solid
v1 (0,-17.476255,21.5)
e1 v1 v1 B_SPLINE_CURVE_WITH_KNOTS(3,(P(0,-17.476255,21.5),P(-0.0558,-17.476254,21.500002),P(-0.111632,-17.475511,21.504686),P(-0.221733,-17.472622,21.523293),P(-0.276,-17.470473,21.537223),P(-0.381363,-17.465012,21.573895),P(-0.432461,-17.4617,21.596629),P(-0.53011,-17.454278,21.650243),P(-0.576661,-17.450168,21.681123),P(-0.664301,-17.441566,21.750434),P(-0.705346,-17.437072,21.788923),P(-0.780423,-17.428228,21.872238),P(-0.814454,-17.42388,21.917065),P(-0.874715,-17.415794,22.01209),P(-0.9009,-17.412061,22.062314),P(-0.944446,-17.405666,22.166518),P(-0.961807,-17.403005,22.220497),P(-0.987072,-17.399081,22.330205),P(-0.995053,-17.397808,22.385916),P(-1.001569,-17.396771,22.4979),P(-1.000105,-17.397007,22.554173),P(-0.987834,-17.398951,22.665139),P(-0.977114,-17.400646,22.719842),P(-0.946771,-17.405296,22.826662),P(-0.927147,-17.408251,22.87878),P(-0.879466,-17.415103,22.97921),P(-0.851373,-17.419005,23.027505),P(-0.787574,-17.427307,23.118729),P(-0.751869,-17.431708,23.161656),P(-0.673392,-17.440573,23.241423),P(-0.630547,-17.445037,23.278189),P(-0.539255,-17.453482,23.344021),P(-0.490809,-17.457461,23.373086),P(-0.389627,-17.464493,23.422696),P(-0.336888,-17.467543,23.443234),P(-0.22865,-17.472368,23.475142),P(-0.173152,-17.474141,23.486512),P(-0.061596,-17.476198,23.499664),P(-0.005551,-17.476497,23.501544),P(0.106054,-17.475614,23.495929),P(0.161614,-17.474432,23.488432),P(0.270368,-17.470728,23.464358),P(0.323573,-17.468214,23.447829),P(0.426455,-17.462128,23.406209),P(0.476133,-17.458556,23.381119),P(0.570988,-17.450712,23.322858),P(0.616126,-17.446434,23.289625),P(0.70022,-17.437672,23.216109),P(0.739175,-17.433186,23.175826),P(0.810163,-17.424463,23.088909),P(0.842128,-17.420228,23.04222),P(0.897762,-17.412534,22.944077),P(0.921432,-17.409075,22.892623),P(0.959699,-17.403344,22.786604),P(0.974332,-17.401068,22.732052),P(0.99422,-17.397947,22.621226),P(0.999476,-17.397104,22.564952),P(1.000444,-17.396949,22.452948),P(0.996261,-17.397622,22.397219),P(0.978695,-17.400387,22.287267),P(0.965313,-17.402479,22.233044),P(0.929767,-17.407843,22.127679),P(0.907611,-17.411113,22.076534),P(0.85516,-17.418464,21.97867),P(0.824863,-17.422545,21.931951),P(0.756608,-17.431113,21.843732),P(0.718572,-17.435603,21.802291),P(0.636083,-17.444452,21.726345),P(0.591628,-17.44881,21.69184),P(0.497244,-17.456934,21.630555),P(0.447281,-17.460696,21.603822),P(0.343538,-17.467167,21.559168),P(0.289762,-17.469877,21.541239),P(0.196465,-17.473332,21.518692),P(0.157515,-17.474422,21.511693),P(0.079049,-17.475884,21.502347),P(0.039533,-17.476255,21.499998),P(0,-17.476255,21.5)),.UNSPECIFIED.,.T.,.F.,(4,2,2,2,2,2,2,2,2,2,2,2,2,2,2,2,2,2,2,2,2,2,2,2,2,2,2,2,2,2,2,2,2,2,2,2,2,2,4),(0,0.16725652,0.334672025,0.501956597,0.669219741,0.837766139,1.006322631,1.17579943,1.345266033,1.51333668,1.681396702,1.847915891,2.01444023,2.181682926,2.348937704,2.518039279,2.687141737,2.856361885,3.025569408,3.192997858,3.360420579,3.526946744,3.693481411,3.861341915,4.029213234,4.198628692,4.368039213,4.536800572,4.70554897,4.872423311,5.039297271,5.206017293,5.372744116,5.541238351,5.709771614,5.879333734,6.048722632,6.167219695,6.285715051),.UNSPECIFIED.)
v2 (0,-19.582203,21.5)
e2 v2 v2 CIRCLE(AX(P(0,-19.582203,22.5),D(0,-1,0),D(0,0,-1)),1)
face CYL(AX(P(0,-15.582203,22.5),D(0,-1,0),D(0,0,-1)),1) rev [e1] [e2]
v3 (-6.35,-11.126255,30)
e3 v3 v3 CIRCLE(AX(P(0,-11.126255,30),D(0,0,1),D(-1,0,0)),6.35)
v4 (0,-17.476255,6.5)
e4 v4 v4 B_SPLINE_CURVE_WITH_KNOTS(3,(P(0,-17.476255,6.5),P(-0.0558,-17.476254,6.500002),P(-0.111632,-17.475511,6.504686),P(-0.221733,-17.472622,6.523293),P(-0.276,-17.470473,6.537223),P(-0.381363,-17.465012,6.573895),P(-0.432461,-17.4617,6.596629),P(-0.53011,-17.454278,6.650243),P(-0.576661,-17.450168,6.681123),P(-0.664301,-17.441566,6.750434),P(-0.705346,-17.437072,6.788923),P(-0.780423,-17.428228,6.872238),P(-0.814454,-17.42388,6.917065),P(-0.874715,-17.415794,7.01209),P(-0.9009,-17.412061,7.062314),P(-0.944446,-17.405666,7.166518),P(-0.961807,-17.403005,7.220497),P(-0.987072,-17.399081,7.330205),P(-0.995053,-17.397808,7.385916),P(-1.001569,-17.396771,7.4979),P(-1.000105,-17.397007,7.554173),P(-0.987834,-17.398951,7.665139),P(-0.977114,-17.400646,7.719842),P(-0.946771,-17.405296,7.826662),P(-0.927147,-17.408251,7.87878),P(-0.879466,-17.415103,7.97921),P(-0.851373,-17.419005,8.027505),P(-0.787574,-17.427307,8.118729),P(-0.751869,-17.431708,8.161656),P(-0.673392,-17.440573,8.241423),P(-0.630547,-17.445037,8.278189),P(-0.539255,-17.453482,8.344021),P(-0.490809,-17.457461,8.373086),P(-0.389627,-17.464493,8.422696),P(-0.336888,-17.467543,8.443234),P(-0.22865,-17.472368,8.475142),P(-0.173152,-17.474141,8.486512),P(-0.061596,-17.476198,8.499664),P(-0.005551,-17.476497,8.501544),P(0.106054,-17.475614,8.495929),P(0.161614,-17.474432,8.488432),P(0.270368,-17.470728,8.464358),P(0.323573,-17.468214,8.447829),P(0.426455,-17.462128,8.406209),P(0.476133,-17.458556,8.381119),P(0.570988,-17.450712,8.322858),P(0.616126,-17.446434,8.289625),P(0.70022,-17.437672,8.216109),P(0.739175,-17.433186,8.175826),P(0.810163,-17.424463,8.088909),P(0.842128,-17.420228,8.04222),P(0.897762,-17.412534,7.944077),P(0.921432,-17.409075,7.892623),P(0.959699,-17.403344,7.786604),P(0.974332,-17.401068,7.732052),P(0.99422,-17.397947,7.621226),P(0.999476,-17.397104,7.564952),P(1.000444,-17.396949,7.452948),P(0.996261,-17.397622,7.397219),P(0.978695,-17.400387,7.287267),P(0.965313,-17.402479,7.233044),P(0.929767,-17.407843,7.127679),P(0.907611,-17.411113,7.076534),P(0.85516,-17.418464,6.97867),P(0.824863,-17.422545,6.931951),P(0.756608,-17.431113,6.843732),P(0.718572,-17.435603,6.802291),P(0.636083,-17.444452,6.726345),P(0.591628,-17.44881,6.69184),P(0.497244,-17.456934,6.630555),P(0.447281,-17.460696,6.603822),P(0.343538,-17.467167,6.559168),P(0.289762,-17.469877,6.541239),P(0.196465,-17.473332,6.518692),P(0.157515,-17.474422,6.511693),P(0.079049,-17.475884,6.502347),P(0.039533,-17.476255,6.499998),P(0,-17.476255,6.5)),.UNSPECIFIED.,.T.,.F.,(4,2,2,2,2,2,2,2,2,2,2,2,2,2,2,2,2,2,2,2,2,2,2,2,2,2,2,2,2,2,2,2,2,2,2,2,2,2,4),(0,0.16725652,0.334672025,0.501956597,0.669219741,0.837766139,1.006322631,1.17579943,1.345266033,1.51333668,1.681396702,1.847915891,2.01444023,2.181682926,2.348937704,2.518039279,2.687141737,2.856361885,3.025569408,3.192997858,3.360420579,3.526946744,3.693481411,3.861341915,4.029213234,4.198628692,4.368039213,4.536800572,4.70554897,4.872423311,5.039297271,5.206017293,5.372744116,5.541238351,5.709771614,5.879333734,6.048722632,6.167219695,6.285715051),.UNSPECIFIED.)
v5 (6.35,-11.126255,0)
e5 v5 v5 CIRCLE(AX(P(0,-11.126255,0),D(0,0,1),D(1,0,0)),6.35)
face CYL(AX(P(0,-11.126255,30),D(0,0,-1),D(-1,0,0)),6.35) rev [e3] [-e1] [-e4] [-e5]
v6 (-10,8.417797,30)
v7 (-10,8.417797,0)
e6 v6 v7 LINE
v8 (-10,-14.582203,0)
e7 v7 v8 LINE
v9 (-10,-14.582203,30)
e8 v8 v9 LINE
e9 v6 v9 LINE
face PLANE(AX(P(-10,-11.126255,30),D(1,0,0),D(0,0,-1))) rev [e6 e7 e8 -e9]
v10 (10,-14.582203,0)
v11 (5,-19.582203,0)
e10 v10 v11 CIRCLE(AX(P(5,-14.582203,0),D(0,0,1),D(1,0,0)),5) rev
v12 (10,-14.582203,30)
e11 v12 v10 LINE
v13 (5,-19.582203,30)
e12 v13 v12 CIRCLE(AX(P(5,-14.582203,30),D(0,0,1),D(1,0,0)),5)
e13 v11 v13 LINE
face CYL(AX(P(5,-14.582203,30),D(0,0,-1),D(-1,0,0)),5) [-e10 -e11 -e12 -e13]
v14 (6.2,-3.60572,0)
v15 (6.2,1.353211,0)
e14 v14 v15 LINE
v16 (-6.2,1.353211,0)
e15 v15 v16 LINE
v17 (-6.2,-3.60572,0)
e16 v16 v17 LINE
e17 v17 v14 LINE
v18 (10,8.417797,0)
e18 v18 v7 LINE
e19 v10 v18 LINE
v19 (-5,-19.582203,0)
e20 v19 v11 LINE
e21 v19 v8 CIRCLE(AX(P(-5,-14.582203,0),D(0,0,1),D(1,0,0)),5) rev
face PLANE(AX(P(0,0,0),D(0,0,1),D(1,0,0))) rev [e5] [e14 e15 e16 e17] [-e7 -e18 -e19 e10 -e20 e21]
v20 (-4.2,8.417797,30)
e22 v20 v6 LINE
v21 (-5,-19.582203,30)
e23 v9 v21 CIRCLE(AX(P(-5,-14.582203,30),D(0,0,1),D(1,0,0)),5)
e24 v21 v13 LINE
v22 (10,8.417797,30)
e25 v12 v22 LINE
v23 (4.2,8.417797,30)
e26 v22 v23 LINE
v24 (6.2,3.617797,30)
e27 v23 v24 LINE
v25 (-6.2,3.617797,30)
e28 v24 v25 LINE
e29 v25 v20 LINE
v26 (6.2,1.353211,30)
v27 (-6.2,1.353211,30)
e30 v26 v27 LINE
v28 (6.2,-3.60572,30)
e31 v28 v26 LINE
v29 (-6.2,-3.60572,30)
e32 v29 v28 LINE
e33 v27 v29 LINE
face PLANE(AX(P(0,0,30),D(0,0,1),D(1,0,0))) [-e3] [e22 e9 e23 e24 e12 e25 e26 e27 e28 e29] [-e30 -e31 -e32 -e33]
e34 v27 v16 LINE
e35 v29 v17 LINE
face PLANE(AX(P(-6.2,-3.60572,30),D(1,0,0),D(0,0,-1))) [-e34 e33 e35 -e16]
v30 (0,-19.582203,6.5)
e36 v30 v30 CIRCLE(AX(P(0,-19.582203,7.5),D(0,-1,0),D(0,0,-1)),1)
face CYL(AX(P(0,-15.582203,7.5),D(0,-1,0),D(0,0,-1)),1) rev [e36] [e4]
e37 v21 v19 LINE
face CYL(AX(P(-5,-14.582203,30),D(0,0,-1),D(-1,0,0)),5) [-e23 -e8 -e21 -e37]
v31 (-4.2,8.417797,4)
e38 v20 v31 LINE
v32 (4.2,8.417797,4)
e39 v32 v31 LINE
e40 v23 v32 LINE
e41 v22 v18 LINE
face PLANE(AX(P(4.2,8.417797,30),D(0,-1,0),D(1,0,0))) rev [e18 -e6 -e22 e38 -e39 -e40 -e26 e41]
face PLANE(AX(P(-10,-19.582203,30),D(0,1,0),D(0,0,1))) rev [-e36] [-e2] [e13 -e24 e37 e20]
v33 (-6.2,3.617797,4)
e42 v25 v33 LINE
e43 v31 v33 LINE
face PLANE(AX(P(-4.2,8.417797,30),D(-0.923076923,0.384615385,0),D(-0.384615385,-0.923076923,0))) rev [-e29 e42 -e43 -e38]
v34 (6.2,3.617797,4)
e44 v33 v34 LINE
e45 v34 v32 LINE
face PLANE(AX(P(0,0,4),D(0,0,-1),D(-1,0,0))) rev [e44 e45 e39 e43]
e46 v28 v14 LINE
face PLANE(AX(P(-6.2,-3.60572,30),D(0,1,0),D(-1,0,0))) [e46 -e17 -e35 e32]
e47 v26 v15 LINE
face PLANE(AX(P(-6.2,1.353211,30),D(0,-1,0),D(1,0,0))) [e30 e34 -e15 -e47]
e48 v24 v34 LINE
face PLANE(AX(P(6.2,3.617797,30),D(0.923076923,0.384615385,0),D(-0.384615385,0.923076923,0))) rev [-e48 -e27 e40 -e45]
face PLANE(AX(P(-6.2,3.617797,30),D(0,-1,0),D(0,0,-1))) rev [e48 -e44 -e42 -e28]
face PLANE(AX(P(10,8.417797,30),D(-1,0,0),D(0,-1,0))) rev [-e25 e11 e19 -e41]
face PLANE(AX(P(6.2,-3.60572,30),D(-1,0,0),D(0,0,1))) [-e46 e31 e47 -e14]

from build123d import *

# Parameters (mm, degrees)
ESBO_O1_W                = 4.958931368
ESBO_O1_H                = 12.4
RESSALTO_EXTRUS_O1_DEPTH = 30
RESSALTO_EXTRUS_O2_DEPTH = 4
FILETE1_R                = 5
ESBO_O3_R                = 1
CORTE_EXTRUS_O1_DEPTH    = 4


with BuildPart() as part:
    # Esboço1 → Ressalto-extrusão1 (new body)
    with BuildSketch(Plane(origin=(0, 0, 0), x_dir=(0, 1, 0), z_dir=(0, 0, 1))):
        Polygon((3.617797035, 6.2), (3.617797035, -6.2), (8.417797035, -4.2), (8.417797035, -10), (-11.126254615, -10), (-19.582202965, -10), (-19.582202965, 10), (-11.126254615, 10), (8.417797035, 10), (8.417797035, 4.2), align=None)
        with Locations((-1.126254615, 0)):
            Rectangle(ESBO_O1_W, ESBO_O1_H, mode=Mode.SUBTRACT)
        with BuildLine():
            ThreePointArc((-11.126254615, -6.35), (-4.776254615, 0), (-11.126254615, 6.35))
            ThreePointArc((-11.126254615, 6.35), (-17.476254615, 0), (-11.126254615, -6.35))
        make_face(mode=Mode.SUBTRACT)
    extrude(amount=RESSALTO_EXTRUS_O1_DEPTH)

    # Esboço2 → Ressalto-extrusão2 (add)
    with BuildSketch(Plane(origin=(0, 0, 0), x_dir=(0, 1, 0), z_dir=(0, 0, 1))):
        Polygon((8.417797035, -4.2), (3.617797035, -6.2), (3.617797035, 6.2), (8.417797035, 4.2), align=None)
    extrude(amount=RESSALTO_EXTRUS_O2_DEPTH)

    # Filete1
    filete1_edges = [part.edges().sort_by_distance(p)[0] for p in [
        (10, -19.582202965, 15),
        (-10, -19.582202965, 15),
    ]]
    fillet(filete1_edges, radius=FILETE1_R)

    # Esboço3 → Corte-extrusão1 (cut)
    with BuildSketch(Plane.XZ.offset(19.582202965)):
        with Locations(Location((0, 22.5, 0), (0, 0, 270))):
            Circle(ESBO_O3_R)
        with Locations(Location((0, 7.5, 0), (0, 0, 270))):
            Circle(ESBO_O3_R)
    extrude(amount=-CORTE_EXTRUS_O1_DEPTH, mode=Mode.SUBTRACT)


solid = part.part
